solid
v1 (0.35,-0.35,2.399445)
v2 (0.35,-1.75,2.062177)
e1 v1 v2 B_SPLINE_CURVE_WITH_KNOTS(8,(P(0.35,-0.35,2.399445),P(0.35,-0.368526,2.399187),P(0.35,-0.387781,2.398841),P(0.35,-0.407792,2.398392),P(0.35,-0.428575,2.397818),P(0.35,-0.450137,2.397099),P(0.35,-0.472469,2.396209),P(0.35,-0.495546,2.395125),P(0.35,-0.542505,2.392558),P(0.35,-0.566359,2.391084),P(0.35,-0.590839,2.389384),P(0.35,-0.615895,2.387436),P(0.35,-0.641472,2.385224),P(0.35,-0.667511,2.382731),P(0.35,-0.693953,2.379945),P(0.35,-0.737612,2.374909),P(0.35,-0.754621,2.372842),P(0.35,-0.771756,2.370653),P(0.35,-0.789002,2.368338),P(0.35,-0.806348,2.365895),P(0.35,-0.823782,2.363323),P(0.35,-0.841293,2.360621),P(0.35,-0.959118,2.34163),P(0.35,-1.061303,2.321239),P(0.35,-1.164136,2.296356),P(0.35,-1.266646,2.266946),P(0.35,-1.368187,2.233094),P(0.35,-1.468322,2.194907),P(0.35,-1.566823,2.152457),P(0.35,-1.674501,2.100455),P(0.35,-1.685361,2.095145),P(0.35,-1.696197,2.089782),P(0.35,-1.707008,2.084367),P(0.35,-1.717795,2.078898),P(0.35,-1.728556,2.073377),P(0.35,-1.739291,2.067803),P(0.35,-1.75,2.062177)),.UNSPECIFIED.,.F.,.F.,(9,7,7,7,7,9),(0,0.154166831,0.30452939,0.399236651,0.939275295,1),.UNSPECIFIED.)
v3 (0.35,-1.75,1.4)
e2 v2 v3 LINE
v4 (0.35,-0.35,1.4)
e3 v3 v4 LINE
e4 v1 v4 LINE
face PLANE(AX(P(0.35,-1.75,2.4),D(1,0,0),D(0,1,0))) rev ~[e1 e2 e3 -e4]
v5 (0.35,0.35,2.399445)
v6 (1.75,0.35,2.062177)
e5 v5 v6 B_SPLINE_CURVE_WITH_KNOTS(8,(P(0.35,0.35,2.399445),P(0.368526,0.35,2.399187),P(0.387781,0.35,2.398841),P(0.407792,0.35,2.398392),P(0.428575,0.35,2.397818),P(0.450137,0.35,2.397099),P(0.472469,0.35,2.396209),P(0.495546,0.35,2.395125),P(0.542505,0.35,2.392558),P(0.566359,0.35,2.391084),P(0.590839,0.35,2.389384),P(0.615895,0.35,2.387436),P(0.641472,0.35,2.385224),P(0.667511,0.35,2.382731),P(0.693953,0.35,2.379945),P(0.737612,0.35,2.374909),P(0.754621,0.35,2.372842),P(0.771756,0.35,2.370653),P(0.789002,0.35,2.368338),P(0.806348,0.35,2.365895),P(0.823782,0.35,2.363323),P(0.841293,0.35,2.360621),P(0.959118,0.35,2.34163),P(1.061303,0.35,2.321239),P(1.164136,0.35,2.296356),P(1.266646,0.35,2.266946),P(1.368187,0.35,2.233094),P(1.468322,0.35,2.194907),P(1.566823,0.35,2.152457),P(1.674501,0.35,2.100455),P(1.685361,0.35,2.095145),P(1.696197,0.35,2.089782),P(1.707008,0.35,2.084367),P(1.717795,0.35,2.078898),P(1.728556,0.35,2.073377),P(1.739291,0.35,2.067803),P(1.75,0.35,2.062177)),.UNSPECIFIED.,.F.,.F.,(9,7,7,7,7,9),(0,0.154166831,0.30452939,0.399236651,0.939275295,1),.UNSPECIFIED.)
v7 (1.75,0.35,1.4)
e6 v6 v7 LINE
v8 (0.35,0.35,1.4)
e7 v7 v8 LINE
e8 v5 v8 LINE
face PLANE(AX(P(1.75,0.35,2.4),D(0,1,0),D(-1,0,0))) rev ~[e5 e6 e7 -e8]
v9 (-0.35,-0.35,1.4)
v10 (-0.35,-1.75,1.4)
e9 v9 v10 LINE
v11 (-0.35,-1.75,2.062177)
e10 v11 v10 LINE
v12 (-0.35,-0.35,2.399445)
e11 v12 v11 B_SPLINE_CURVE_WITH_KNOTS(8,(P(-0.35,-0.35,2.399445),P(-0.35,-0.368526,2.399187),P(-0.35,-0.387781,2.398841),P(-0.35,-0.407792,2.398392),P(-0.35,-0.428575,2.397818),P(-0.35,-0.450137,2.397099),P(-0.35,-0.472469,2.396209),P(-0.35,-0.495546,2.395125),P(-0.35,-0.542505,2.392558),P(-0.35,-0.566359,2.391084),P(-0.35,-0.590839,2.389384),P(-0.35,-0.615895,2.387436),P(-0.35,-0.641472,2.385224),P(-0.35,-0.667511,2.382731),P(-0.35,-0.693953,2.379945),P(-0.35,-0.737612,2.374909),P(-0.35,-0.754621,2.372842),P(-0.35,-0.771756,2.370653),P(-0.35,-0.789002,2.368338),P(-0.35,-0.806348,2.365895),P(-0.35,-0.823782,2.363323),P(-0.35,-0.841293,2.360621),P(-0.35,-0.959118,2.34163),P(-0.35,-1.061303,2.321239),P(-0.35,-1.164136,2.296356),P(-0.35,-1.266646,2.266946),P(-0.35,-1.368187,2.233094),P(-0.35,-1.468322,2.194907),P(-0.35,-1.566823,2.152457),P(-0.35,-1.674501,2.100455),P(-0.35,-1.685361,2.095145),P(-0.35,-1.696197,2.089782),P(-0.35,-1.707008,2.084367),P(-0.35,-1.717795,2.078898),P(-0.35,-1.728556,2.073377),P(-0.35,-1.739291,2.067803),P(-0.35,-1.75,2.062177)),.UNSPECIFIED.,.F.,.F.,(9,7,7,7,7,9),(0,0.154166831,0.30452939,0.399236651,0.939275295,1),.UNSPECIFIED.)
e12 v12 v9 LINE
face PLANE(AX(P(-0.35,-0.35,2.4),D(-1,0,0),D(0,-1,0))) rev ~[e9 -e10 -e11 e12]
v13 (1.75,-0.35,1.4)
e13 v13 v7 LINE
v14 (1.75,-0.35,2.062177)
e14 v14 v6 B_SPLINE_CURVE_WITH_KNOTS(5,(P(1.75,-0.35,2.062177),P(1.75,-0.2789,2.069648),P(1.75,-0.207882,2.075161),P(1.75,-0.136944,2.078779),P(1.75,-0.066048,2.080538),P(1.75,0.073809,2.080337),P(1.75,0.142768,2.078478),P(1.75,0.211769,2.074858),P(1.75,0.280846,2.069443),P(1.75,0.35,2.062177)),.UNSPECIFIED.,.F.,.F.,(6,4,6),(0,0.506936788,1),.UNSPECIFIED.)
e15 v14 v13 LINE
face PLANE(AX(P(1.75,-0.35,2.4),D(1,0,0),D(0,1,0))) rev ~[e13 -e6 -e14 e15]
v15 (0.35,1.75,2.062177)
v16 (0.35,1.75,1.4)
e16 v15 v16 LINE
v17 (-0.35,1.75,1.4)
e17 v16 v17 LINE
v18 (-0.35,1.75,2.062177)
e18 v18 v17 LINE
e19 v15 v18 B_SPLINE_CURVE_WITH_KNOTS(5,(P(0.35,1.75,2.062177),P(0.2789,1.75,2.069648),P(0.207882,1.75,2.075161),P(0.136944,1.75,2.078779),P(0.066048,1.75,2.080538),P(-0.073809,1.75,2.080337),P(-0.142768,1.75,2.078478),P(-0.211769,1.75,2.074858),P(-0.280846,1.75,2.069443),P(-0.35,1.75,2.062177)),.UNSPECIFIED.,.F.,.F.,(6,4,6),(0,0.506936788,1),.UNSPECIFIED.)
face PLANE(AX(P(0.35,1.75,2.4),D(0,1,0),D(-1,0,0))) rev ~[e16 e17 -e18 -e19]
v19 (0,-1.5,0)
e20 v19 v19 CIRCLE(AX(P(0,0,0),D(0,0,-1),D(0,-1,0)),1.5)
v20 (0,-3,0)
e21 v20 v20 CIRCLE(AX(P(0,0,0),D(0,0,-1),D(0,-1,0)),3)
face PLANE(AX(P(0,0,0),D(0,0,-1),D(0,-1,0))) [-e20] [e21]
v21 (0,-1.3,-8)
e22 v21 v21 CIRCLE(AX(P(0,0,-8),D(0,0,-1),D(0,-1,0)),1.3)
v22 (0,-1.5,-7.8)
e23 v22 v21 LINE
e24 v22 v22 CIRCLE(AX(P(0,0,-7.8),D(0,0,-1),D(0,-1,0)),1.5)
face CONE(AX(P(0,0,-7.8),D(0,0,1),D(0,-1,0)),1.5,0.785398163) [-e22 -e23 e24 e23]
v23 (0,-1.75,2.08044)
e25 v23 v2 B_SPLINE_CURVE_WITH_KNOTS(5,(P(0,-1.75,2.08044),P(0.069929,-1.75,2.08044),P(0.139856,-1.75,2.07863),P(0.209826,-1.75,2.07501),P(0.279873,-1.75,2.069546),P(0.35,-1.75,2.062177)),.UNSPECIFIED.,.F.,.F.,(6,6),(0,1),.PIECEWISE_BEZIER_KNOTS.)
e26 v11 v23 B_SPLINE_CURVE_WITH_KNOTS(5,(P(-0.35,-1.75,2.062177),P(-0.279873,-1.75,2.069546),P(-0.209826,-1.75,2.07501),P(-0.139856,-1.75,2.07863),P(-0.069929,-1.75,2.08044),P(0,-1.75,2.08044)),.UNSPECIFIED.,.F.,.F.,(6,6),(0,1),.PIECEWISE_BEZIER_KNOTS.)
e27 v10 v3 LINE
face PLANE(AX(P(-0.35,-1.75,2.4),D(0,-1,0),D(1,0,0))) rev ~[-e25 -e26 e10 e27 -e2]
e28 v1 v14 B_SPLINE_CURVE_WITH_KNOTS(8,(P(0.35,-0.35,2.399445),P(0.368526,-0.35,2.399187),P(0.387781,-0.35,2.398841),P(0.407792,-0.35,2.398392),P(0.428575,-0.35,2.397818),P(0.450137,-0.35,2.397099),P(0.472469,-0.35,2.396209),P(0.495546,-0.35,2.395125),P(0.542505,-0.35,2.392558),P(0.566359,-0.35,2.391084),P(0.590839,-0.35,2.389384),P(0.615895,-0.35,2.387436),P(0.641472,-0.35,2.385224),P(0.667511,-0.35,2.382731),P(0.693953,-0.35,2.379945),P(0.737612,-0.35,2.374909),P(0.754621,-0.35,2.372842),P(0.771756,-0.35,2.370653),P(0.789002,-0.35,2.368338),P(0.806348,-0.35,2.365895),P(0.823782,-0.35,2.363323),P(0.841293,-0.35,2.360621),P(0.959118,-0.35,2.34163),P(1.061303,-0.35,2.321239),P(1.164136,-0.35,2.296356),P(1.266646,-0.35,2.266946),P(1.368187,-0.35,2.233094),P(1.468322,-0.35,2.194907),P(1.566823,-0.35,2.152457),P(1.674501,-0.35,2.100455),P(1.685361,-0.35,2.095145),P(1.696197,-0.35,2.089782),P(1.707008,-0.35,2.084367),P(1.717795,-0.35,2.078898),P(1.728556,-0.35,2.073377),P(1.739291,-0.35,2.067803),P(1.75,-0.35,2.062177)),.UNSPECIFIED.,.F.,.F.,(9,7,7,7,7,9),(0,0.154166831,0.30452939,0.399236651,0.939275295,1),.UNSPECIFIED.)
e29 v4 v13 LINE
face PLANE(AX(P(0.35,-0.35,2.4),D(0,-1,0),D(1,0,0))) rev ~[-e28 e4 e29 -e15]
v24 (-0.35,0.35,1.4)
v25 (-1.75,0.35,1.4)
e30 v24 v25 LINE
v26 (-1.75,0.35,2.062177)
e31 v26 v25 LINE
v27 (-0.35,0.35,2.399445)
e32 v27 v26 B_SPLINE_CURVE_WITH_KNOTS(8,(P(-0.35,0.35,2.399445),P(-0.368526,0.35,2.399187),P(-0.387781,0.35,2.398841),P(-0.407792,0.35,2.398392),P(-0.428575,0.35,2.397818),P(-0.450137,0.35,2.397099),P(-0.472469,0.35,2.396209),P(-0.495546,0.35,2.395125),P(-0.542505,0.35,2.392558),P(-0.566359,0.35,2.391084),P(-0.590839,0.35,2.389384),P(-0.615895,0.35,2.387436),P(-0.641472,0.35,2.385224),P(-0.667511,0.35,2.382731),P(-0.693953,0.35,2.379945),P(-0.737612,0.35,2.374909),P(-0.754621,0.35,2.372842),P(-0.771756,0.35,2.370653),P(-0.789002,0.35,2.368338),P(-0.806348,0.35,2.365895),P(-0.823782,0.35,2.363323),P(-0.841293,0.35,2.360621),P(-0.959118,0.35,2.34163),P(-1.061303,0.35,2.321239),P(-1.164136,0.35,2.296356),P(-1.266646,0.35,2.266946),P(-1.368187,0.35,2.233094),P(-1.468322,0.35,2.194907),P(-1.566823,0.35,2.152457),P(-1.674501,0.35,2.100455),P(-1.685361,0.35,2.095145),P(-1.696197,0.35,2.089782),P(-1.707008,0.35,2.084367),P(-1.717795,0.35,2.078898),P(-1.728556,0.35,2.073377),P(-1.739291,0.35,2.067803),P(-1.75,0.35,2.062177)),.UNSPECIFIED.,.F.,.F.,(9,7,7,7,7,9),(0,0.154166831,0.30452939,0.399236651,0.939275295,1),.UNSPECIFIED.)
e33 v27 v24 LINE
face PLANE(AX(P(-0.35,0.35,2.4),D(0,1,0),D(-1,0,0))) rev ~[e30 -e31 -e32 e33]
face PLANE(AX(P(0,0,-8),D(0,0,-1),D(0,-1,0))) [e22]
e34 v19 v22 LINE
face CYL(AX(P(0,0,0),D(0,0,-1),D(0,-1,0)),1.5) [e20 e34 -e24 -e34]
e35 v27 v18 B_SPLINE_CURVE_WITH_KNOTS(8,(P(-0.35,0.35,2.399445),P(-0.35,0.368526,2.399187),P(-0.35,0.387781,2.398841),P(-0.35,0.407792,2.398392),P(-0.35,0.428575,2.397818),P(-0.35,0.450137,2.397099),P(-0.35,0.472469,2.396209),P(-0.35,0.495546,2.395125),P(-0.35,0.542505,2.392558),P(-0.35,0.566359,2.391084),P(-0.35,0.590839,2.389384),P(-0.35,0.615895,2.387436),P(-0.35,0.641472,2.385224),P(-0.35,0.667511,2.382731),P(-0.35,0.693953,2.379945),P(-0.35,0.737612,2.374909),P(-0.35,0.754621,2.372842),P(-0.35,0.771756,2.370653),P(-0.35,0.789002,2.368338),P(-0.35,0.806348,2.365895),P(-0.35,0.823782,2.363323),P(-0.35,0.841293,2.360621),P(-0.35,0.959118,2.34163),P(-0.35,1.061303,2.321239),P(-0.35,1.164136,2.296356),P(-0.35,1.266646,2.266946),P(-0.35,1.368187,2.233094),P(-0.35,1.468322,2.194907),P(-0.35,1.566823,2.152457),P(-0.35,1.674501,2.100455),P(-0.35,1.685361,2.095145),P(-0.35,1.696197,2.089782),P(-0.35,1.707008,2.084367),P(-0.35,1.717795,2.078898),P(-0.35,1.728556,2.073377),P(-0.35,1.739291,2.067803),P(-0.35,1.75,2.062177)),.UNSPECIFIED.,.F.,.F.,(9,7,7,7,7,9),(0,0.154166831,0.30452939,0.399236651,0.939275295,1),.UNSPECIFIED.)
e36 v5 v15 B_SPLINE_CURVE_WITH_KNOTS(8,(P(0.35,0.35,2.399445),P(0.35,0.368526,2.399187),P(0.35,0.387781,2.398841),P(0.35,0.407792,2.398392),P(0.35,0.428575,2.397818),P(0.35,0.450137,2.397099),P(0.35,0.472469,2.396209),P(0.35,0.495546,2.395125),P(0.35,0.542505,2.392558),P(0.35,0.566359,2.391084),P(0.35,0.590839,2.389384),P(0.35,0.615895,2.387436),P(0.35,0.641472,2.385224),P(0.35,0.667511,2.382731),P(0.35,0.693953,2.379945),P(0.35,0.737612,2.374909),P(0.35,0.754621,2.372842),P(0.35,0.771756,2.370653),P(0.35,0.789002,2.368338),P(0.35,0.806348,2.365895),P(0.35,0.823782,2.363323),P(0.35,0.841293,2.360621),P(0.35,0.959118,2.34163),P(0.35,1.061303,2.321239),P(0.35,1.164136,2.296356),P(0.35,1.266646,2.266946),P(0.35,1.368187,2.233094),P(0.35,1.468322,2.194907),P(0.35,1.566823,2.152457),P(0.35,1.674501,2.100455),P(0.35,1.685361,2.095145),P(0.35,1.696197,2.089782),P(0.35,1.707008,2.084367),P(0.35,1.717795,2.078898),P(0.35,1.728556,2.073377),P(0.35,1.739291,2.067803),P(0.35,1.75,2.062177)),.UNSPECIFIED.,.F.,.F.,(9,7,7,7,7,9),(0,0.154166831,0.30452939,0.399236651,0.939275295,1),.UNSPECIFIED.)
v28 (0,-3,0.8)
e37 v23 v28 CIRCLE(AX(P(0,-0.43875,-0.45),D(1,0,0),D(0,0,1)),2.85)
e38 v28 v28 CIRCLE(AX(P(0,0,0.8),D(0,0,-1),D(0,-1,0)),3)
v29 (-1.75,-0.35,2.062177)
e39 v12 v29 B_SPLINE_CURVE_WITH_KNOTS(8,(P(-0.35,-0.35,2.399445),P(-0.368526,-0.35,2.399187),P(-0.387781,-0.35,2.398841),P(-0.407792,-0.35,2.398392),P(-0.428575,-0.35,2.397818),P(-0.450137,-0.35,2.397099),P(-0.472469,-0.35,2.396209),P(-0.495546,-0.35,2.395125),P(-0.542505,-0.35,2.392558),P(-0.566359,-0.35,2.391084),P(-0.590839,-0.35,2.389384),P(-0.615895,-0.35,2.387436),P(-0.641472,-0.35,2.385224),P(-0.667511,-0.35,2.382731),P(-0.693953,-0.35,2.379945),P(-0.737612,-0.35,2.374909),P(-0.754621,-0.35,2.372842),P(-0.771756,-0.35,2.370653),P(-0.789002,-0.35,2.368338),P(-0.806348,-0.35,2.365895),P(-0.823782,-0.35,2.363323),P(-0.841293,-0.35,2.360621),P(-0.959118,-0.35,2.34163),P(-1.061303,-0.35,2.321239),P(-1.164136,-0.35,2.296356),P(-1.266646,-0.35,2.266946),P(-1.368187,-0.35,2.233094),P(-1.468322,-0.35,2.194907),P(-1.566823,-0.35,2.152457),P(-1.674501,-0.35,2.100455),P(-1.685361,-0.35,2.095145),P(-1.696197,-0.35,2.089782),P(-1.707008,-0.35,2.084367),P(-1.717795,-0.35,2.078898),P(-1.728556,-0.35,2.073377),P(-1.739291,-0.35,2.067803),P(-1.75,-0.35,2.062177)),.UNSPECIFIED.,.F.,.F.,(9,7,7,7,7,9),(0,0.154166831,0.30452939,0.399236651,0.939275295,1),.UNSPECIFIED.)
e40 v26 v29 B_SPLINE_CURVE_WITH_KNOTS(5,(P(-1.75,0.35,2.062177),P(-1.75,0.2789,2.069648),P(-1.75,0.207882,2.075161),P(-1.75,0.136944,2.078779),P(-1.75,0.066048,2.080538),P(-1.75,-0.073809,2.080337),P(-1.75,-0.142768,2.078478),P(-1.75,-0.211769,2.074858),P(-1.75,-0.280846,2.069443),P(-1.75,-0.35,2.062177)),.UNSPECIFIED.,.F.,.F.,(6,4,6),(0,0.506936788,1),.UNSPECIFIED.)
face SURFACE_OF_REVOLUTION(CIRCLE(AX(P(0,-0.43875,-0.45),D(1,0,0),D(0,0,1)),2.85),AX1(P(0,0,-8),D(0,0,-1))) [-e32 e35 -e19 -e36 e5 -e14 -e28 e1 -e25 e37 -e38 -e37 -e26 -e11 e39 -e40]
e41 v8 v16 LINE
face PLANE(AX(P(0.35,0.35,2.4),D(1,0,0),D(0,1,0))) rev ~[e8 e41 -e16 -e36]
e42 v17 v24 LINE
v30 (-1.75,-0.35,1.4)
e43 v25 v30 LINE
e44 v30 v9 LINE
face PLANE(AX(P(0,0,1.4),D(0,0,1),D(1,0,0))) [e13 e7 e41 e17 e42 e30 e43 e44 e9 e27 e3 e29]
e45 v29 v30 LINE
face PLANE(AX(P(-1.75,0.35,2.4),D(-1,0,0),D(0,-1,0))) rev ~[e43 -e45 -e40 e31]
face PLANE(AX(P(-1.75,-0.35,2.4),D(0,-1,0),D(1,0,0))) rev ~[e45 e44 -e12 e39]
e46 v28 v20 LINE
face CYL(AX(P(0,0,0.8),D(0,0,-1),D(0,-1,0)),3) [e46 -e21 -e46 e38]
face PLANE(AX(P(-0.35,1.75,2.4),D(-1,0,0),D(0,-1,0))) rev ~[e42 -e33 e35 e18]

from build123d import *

# Parameters (mm, degrees)
CORTAR_EXTRUIR2_DEPTH = 1
CHAFL_N1_SIZE         = 0.2


with BuildPart() as part:
    # Croquis1 → Revolución1 (revolve)
    with BuildSketch(Plane(origin=(0, 0, 0), x_dir=(0, 0, -1), z_dir=(1, 0, 0)), mode=Mode.PRIVATE) as revoluci_n1_sk:
        with BuildLine():
            Line((0, 3), (0, 1.5))
            Line((0, 1.5), (8, 1.5))
            Line((8, 1.5), (8, 0))
            Line((8, 0), (-2.4, 0))
            Line((-2.4, 0), (-2.4, 0.438750305))
            ThreePointArc((-2.4, 0.438750305), (-1.967126393, 1.948717192), (-0.8, 3))
            Line((-0.8, 3), (0, 3))
        make_face()
    revolve(revoluci_n1_sk.sketch.rotate(Axis((0, 0, -8), (0, 0, -1)), 180), axis=Axis((0, 0, -8), (0, 0, -1)))

    # Croquis2 → Cortar-Extruir2 (cut)
    with BuildSketch(Plane.XY.offset(2.4)):
        Polygon((-0.35, 0.35), (-1.75, 0.35), (-1.75, -0.35), (-0.35, -0.35), (-0.35, -1.75), (0.35, -1.75), (0.35, -0.35), (1.75, -0.35), (1.75, 0.35), (0.35, 0.35), (0.35, 1.75), (-0.35, 1.75), align=None)
    extrude(amount=-CORTAR_EXTRUIR2_DEPTH, mode=Mode.SUBTRACT)

    # Chaflán1
    chafl_n1_edges = [part.edges().sort_by_distance(p)[0] for p in [
        (0, 1.5, -8),
    ]]
    chamfer(chafl_n1_edges, length=CHAFL_N1_SIZE)


solid = part.part
